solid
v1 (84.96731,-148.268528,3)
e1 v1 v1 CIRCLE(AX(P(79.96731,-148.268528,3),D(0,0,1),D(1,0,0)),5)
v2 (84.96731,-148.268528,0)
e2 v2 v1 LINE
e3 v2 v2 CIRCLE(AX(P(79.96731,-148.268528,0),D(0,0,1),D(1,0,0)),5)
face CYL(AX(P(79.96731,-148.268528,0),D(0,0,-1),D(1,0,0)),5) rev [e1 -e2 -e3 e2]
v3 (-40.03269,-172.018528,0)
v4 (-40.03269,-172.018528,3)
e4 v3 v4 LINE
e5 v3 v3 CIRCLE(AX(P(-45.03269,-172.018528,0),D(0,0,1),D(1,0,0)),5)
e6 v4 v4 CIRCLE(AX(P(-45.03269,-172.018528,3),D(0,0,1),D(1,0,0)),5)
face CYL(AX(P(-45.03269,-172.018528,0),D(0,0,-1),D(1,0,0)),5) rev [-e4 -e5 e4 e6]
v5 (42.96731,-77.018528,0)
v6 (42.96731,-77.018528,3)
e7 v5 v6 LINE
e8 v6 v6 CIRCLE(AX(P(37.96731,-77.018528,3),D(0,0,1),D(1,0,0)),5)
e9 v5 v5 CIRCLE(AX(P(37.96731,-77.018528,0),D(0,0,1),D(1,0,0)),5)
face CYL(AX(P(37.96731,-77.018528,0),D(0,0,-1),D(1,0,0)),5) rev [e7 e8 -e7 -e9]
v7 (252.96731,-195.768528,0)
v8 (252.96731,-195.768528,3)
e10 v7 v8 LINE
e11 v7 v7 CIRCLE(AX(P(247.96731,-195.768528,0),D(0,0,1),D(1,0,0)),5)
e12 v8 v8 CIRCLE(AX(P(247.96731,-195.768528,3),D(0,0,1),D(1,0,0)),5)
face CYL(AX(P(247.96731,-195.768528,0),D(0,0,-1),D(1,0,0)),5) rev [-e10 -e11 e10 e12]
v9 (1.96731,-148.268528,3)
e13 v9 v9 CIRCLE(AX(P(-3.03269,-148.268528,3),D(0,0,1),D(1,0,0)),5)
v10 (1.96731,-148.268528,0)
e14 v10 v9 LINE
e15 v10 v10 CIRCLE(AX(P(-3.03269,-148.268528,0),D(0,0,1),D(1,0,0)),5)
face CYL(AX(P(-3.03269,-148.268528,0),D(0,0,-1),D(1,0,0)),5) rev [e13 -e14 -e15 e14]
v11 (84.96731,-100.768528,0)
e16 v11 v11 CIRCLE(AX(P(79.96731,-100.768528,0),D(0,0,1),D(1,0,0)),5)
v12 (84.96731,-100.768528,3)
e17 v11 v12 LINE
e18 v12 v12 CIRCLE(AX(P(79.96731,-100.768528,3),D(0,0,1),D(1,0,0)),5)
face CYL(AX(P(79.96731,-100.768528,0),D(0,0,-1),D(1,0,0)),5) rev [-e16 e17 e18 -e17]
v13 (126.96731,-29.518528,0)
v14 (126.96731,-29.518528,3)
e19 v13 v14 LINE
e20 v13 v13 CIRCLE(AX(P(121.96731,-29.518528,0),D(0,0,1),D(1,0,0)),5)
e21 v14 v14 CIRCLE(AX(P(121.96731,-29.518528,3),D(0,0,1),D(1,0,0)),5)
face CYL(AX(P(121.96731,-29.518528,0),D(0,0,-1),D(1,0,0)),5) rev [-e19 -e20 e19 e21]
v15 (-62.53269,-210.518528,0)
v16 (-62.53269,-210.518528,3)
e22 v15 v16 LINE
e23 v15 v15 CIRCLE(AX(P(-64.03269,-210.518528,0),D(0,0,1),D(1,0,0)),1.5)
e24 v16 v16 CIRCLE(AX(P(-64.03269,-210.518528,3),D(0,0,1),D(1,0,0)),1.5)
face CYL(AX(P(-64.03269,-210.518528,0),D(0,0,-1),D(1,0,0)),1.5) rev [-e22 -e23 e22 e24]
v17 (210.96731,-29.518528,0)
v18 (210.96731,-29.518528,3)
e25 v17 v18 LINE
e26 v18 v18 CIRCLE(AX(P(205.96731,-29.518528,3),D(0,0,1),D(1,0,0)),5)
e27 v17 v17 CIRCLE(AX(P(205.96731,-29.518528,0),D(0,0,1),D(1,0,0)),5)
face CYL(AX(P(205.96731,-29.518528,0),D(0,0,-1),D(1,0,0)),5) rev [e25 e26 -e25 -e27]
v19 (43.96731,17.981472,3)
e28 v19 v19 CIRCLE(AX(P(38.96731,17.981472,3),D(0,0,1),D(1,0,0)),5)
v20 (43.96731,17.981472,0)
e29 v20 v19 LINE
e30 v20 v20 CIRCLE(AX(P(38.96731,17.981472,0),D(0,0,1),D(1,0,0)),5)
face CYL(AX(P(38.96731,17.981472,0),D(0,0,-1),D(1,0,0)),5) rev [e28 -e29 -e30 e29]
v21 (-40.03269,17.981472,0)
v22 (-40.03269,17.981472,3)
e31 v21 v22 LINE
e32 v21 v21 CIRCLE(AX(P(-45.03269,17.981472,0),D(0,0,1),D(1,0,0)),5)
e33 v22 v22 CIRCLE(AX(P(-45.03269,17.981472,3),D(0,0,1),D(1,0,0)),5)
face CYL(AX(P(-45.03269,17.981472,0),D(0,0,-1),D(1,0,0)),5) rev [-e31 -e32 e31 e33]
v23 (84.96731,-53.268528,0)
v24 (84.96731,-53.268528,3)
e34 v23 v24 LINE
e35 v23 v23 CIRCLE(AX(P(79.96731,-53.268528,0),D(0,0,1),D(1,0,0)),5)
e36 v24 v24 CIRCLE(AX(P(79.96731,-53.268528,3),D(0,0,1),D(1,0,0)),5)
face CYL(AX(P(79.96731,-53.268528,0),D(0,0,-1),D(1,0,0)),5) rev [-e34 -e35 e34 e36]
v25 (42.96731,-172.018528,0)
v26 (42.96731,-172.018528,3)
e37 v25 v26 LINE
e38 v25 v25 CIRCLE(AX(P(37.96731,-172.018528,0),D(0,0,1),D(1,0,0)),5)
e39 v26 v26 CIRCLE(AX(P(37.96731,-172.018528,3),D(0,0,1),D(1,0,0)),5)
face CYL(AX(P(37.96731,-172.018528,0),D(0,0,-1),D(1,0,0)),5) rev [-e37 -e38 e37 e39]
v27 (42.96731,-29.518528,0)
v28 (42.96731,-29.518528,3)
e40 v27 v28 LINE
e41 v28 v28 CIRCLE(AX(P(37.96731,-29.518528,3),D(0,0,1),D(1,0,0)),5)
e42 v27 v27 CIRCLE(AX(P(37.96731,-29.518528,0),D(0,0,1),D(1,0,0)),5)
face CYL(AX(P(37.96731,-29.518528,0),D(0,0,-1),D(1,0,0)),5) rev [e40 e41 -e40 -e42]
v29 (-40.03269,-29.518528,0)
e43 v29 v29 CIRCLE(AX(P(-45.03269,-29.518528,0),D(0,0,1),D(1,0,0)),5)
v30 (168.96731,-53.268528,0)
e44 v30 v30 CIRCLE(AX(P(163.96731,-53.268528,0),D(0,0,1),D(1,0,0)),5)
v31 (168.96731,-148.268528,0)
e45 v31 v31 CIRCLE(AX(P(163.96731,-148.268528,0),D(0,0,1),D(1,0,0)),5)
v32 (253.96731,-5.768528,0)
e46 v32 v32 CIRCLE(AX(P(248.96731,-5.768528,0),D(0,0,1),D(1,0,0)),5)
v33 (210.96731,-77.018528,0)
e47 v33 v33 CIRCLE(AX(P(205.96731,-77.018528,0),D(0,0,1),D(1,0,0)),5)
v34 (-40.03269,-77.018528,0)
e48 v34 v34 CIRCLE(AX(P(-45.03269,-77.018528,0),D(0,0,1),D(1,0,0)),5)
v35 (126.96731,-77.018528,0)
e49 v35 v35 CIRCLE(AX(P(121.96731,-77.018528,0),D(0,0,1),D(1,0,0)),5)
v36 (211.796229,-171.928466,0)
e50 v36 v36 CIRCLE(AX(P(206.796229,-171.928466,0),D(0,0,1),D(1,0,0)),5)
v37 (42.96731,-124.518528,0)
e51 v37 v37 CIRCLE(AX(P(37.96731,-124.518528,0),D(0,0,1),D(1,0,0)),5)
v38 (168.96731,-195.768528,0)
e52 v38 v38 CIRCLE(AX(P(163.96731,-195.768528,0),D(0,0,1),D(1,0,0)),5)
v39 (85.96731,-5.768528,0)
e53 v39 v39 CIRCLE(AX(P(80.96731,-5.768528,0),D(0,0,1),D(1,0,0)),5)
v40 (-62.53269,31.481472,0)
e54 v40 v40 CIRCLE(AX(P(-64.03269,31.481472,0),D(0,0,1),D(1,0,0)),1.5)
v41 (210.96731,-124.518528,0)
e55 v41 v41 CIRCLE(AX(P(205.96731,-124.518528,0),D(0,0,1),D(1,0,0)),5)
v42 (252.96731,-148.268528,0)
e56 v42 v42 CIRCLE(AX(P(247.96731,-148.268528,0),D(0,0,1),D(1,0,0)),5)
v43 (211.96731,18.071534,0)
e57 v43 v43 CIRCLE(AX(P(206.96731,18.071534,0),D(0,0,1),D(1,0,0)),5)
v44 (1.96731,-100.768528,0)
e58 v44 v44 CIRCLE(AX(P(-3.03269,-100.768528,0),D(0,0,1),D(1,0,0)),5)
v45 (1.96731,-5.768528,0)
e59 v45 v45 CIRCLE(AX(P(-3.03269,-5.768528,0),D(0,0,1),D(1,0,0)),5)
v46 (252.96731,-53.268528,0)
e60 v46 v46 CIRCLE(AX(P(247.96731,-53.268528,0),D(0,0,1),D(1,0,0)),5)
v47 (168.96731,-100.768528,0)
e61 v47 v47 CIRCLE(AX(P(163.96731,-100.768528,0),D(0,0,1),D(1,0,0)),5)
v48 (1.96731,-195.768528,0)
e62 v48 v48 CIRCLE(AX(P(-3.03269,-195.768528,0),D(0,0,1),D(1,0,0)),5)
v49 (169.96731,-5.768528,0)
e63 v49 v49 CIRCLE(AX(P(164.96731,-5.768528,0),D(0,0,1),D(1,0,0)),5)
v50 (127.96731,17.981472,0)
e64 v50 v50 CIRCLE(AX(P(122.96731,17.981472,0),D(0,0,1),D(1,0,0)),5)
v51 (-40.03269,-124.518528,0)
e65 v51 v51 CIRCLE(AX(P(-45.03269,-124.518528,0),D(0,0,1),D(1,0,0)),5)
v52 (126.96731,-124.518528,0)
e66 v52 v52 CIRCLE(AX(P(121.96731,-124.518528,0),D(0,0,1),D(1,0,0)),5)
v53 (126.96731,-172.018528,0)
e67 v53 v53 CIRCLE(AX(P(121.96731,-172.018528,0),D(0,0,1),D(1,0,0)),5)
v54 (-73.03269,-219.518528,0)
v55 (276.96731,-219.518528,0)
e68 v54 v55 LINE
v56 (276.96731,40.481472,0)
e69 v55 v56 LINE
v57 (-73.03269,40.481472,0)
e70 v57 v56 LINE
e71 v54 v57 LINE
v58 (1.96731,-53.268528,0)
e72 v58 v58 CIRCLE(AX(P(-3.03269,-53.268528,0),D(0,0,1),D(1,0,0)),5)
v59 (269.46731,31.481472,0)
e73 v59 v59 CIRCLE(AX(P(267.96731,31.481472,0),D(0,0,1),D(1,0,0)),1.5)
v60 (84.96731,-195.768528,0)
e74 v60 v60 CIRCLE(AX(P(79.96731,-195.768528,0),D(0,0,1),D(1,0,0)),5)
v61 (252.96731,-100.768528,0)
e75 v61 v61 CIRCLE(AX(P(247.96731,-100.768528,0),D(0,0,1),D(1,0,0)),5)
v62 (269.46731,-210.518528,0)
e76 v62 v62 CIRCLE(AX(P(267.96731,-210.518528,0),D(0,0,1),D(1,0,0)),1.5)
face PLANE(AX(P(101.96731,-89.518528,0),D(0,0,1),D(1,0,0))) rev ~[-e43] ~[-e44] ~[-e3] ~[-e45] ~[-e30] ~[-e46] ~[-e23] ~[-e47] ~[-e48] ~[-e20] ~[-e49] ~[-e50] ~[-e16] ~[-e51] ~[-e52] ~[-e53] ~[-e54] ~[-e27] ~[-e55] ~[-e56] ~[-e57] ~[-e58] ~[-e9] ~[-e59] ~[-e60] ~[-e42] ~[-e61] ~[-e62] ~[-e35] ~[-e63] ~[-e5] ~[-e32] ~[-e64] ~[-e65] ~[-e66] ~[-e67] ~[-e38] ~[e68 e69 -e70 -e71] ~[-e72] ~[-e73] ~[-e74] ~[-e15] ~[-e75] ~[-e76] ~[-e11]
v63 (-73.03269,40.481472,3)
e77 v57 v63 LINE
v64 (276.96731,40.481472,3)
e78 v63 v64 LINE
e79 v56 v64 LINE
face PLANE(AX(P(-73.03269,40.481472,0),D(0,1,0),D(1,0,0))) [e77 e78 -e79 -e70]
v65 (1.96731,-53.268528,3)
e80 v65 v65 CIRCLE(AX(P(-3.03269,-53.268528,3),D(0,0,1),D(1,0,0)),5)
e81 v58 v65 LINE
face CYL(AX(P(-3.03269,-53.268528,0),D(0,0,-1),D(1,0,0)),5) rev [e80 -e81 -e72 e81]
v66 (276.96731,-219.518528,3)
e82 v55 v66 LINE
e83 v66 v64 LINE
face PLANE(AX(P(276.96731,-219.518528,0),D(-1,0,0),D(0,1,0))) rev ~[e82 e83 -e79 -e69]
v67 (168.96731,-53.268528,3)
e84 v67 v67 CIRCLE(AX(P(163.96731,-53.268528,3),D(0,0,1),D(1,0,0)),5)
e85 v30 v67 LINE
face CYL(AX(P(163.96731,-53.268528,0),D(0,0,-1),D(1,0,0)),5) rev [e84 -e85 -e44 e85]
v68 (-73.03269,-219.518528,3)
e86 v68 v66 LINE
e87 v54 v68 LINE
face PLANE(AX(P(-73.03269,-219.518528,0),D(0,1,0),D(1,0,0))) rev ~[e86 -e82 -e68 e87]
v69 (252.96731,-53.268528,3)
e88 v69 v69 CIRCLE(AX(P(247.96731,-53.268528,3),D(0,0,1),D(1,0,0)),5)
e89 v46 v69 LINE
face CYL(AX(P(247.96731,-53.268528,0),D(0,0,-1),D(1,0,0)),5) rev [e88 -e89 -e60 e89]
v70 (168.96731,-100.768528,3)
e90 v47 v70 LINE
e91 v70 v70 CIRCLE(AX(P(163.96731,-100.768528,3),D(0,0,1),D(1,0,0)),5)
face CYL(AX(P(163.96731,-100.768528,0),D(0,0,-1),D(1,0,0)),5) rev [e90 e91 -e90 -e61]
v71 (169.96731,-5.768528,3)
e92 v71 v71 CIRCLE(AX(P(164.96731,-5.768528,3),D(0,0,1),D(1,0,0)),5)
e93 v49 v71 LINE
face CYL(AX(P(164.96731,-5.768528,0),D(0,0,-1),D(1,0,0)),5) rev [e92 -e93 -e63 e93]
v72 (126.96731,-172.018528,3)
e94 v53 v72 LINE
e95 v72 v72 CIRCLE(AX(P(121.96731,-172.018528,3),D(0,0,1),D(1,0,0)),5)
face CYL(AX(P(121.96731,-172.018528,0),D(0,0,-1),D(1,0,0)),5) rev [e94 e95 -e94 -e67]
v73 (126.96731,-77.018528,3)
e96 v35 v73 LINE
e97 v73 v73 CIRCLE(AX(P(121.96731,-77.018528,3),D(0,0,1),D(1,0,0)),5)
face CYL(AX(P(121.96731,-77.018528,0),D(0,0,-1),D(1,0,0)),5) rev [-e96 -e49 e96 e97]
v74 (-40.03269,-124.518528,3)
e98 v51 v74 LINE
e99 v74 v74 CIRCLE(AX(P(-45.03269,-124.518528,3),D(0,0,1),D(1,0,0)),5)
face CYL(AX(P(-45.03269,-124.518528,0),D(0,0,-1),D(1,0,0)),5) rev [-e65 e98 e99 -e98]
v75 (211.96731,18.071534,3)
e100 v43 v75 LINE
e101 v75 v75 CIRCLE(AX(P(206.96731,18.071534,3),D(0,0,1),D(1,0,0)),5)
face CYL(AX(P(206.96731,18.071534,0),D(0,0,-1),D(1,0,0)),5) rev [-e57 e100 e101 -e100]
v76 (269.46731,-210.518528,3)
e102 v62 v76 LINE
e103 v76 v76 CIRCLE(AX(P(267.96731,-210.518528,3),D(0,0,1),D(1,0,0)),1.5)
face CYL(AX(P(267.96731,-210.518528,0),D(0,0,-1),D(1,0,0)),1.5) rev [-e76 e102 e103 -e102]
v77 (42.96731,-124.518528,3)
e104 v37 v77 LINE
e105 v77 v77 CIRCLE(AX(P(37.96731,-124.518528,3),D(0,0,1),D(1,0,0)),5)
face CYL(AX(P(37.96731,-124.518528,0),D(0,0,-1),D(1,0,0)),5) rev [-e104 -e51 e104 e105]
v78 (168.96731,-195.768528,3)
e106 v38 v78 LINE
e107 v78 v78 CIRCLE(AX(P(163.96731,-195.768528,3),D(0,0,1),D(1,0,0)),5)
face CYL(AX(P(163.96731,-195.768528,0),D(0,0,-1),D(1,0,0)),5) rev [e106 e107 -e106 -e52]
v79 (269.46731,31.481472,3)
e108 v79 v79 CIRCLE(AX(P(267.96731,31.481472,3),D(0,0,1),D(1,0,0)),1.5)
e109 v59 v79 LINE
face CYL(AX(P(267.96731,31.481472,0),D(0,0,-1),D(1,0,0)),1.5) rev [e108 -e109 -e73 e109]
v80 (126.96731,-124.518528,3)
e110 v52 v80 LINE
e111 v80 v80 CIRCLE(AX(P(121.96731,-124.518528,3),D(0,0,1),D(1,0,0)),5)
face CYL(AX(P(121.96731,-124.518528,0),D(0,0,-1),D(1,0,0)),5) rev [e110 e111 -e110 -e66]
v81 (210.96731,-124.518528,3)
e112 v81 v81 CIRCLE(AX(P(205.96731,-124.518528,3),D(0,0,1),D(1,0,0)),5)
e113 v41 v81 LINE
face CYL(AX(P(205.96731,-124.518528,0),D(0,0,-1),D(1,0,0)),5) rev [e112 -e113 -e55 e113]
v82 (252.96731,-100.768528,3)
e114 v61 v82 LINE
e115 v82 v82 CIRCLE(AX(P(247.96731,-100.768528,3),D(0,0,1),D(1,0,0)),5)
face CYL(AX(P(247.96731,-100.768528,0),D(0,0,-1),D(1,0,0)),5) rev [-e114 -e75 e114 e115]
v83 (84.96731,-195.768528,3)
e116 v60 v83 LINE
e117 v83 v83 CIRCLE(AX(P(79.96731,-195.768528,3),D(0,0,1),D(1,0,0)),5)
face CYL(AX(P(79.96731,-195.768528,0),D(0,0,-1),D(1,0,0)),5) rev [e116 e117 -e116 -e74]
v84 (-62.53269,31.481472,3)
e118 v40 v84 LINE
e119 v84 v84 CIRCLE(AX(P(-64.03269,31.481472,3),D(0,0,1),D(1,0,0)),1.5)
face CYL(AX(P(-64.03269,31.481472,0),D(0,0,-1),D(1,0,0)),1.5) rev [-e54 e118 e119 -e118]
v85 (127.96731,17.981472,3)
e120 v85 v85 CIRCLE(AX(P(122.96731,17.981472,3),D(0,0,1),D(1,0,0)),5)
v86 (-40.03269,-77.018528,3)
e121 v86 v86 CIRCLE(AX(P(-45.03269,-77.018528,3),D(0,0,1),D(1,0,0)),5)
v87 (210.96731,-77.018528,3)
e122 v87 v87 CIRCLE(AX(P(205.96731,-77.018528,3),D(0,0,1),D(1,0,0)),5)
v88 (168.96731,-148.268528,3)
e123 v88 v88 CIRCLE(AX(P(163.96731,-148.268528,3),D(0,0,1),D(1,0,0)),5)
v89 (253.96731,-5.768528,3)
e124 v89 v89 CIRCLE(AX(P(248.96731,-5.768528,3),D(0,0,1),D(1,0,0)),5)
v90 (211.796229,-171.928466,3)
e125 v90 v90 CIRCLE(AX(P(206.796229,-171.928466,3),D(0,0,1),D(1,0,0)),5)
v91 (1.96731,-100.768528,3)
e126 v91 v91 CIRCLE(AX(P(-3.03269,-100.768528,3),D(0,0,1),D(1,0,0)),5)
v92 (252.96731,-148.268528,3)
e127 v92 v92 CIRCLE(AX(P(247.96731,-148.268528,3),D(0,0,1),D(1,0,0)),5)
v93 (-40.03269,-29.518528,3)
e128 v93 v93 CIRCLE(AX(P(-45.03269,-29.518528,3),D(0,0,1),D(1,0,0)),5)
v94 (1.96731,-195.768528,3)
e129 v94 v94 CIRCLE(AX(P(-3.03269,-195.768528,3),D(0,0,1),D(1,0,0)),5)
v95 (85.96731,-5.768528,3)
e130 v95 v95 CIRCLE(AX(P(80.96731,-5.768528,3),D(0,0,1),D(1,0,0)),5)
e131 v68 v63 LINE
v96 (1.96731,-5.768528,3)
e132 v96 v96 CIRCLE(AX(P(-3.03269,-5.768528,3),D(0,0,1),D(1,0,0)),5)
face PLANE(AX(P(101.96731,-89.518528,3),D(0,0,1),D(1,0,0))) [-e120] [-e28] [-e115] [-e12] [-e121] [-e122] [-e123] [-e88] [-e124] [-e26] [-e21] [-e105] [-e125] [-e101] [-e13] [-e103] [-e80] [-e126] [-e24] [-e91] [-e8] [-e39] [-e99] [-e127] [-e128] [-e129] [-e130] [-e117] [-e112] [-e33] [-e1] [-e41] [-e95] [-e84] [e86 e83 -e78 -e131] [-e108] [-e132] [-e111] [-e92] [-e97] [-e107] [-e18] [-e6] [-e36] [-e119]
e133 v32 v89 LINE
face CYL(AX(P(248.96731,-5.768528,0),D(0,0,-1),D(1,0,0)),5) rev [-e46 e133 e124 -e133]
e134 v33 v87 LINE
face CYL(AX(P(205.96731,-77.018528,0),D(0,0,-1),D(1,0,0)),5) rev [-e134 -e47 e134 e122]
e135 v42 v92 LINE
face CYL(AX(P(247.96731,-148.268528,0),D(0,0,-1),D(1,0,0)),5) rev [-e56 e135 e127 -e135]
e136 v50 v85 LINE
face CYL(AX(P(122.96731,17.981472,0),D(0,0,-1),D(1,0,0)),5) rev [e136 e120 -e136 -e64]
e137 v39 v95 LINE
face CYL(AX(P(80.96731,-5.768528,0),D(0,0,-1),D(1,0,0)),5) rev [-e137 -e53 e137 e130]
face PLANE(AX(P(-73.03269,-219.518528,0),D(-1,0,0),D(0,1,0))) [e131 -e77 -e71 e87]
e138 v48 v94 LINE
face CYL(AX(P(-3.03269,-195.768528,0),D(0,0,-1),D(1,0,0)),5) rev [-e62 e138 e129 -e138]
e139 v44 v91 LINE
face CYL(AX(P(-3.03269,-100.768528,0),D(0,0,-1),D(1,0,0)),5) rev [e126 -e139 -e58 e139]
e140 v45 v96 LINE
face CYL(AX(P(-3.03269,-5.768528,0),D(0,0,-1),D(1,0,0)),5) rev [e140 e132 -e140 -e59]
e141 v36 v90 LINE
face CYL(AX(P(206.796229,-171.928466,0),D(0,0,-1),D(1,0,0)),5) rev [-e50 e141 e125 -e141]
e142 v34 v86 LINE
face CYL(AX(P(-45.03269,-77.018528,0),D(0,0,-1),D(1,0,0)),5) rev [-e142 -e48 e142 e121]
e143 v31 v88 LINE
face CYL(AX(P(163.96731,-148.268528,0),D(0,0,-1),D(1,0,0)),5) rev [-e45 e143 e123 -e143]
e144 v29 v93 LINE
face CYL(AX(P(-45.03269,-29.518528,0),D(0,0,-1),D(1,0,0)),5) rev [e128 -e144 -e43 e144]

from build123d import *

# Parameters (mm, degrees)
CROQUIS2_W              = 350
CROQUIS2_H              = 260
CROQUIS2_R              = 5
CROQUIS2_R_2            = 1.5
SALIENTE_EXTRUIR1_DEPTH = 3


with BuildPart() as part:
    # Croquis2 → Saliente-Extruir1 (new body)
    with BuildSketch(Plane.XY):
        with Locations((101.967310491, -89.518527919)):
            Rectangle(CROQUIS2_W, CROQUIS2_H)
        with Locations((-45.032689509, 17.981472081)):
            Circle(CROQUIS2_R, mode=Mode.SUBTRACT)
        with Locations((-45.032689509, -29.518527919)):
            Circle(CROQUIS2_R, mode=Mode.SUBTRACT)
        with Locations((-45.032689509, -77.018527919)):
            Circle(CROQUIS2_R, mode=Mode.SUBTRACT)
        with Locations((-45.032689509, -124.518527919)):
            Circle(CROQUIS2_R, mode=Mode.SUBTRACT)
        with Locations((-45.032689509, -172.018527919)):
            Circle(CROQUIS2_R, mode=Mode.SUBTRACT)
        with Locations((-3.032689509, -5.768527919)):
            Circle(CROQUIS2_R, mode=Mode.SUBTRACT)
        with Locations((38.967310491, 17.981472081)):
            Circle(CROQUIS2_R, mode=Mode.SUBTRACT)
        with Locations((80.967310491, -5.768527919)):
            Circle(CROQUIS2_R, mode=Mode.SUBTRACT)
        with Locations((122.967310491, 17.981472081)):
            Circle(CROQUIS2_R, mode=Mode.SUBTRACT)
        with Locations((164.967310491, -5.768527919)):
            Circle(CROQUIS2_R, mode=Mode.SUBTRACT)
        with Locations((-3.032689509, -53.268527919)):
            Circle(CROQUIS2_R, mode=Mode.SUBTRACT)
        with Locations((-3.032689509, -100.768527919)):
            Circle(CROQUIS2_R, mode=Mode.SUBTRACT)
        with Locations((-3.032689509, -148.268527919)):
            Circle(CROQUIS2_R, mode=Mode.SUBTRACT)
        with Locations((-3.032689509, -195.768527919)):
            Circle(CROQUIS2_R, mode=Mode.SUBTRACT)
        with Locations((37.967310491, -29.518527919)):
            Circle(CROQUIS2_R, mode=Mode.SUBTRACT)
        with Locations((37.967310491, -77.018527919)):
            Circle(CROQUIS2_R, mode=Mode.SUBTRACT)
        with Locations((37.967310491, -124.518527919)):
            Circle(CROQUIS2_R, mode=Mode.SUBTRACT)
        with Locations((37.967310491, -172.018527919)):
            Circle(CROQUIS2_R, mode=Mode.SUBTRACT)
        with Locations((79.967310491, -53.268527919)):
            Circle(CROQUIS2_R, mode=Mode.SUBTRACT)
        with Locations((79.967310491, -100.768527919)):
            Circle(CROQUIS2_R, mode=Mode.SUBTRACT)
        with Locations((79.967310491, -148.268527919)):
            Circle(CROQUIS2_R, mode=Mode.SUBTRACT)
        with Locations((79.967310491, -195.768527919)):
            Circle(CROQUIS2_R, mode=Mode.SUBTRACT)
        with Locations((121.967310491, -29.518527919)):
            Circle(CROQUIS2_R, mode=Mode.SUBTRACT)
        with Locations((163.967310491, -53.268527919)):
            Circle(CROQUIS2_R, mode=Mode.SUBTRACT)
        with Locations((121.967310491, -77.018527919)):
            Circle(CROQUIS2_R, mode=Mode.SUBTRACT)
        with Locations((163.967310491, -100.768527919)):
            Circle(CROQUIS2_R, mode=Mode.SUBTRACT)
        with Locations((121.967310491, -124.518527919)):
            Circle(CROQUIS2_R, mode=Mode.SUBTRACT)
        with Locations((121.967310491, -172.018527919)):
            Circle(CROQUIS2_R, mode=Mode.SUBTRACT)
        with Locations((163.967310491, -148.268527919)):
            Circle(CROQUIS2_R, mode=Mode.SUBTRACT)
        with Locations((163.967310491, -195.768527919)):
            Circle(CROQUIS2_R, mode=Mode.SUBTRACT)
        with Locations((206.967310491, 18.071533546)):
            Circle(CROQUIS2_R, mode=Mode.SUBTRACT)
        with Locations((205.967310491, -29.518527919)):
            Circle(CROQUIS2_R, mode=Mode.SUBTRACT)
        with Locations((205.967310491, -77.018527919)):
            Circle(CROQUIS2_R, mode=Mode.SUBTRACT)
        with Locations((205.967310491, -124.518527919)):
            Circle(CROQUIS2_R, mode=Mode.SUBTRACT)
        with Locations((206.796228515, -171.928466454)):
            Circle(CROQUIS2_R, mode=Mode.SUBTRACT)
        with Locations((248.967310491, -5.768527919)):
            Circle(CROQUIS2_R, mode=Mode.SUBTRACT)
        with Locations((247.967310491, -53.268527919)):
            Circle(CROQUIS2_R, mode=Mode.SUBTRACT)
        with Locations((247.967310491, -100.768527919)):
            Circle(CROQUIS2_R, mode=Mode.SUBTRACT)
        with Locations((247.967310491, -148.268527919)):
            Circle(CROQUIS2_R, mode=Mode.SUBTRACT)
        with Locations((247.967310491, -195.768527919)):
            Circle(CROQUIS2_R, mode=Mode.SUBTRACT)
        with Locations((-64.032689509, -210.518527919)):
            Circle(CROQUIS2_R_2, mode=Mode.SUBTRACT)
        with Locations((267.967310491, -210.518527919)):
            Circle(CROQUIS2_R_2, mode=Mode.SUBTRACT)
        with Locations((267.967310491, 31.481472081)):
            Circle(CROQUIS2_R_2, mode=Mode.SUBTRACT)
        with Locations((-64.032689509, 31.481472081)):
            Circle(CROQUIS2_R_2, mode=Mode.SUBTRACT)
    extrude(amount=SALIENTE_EXTRUIR1_DEPTH)


solid = part.part
